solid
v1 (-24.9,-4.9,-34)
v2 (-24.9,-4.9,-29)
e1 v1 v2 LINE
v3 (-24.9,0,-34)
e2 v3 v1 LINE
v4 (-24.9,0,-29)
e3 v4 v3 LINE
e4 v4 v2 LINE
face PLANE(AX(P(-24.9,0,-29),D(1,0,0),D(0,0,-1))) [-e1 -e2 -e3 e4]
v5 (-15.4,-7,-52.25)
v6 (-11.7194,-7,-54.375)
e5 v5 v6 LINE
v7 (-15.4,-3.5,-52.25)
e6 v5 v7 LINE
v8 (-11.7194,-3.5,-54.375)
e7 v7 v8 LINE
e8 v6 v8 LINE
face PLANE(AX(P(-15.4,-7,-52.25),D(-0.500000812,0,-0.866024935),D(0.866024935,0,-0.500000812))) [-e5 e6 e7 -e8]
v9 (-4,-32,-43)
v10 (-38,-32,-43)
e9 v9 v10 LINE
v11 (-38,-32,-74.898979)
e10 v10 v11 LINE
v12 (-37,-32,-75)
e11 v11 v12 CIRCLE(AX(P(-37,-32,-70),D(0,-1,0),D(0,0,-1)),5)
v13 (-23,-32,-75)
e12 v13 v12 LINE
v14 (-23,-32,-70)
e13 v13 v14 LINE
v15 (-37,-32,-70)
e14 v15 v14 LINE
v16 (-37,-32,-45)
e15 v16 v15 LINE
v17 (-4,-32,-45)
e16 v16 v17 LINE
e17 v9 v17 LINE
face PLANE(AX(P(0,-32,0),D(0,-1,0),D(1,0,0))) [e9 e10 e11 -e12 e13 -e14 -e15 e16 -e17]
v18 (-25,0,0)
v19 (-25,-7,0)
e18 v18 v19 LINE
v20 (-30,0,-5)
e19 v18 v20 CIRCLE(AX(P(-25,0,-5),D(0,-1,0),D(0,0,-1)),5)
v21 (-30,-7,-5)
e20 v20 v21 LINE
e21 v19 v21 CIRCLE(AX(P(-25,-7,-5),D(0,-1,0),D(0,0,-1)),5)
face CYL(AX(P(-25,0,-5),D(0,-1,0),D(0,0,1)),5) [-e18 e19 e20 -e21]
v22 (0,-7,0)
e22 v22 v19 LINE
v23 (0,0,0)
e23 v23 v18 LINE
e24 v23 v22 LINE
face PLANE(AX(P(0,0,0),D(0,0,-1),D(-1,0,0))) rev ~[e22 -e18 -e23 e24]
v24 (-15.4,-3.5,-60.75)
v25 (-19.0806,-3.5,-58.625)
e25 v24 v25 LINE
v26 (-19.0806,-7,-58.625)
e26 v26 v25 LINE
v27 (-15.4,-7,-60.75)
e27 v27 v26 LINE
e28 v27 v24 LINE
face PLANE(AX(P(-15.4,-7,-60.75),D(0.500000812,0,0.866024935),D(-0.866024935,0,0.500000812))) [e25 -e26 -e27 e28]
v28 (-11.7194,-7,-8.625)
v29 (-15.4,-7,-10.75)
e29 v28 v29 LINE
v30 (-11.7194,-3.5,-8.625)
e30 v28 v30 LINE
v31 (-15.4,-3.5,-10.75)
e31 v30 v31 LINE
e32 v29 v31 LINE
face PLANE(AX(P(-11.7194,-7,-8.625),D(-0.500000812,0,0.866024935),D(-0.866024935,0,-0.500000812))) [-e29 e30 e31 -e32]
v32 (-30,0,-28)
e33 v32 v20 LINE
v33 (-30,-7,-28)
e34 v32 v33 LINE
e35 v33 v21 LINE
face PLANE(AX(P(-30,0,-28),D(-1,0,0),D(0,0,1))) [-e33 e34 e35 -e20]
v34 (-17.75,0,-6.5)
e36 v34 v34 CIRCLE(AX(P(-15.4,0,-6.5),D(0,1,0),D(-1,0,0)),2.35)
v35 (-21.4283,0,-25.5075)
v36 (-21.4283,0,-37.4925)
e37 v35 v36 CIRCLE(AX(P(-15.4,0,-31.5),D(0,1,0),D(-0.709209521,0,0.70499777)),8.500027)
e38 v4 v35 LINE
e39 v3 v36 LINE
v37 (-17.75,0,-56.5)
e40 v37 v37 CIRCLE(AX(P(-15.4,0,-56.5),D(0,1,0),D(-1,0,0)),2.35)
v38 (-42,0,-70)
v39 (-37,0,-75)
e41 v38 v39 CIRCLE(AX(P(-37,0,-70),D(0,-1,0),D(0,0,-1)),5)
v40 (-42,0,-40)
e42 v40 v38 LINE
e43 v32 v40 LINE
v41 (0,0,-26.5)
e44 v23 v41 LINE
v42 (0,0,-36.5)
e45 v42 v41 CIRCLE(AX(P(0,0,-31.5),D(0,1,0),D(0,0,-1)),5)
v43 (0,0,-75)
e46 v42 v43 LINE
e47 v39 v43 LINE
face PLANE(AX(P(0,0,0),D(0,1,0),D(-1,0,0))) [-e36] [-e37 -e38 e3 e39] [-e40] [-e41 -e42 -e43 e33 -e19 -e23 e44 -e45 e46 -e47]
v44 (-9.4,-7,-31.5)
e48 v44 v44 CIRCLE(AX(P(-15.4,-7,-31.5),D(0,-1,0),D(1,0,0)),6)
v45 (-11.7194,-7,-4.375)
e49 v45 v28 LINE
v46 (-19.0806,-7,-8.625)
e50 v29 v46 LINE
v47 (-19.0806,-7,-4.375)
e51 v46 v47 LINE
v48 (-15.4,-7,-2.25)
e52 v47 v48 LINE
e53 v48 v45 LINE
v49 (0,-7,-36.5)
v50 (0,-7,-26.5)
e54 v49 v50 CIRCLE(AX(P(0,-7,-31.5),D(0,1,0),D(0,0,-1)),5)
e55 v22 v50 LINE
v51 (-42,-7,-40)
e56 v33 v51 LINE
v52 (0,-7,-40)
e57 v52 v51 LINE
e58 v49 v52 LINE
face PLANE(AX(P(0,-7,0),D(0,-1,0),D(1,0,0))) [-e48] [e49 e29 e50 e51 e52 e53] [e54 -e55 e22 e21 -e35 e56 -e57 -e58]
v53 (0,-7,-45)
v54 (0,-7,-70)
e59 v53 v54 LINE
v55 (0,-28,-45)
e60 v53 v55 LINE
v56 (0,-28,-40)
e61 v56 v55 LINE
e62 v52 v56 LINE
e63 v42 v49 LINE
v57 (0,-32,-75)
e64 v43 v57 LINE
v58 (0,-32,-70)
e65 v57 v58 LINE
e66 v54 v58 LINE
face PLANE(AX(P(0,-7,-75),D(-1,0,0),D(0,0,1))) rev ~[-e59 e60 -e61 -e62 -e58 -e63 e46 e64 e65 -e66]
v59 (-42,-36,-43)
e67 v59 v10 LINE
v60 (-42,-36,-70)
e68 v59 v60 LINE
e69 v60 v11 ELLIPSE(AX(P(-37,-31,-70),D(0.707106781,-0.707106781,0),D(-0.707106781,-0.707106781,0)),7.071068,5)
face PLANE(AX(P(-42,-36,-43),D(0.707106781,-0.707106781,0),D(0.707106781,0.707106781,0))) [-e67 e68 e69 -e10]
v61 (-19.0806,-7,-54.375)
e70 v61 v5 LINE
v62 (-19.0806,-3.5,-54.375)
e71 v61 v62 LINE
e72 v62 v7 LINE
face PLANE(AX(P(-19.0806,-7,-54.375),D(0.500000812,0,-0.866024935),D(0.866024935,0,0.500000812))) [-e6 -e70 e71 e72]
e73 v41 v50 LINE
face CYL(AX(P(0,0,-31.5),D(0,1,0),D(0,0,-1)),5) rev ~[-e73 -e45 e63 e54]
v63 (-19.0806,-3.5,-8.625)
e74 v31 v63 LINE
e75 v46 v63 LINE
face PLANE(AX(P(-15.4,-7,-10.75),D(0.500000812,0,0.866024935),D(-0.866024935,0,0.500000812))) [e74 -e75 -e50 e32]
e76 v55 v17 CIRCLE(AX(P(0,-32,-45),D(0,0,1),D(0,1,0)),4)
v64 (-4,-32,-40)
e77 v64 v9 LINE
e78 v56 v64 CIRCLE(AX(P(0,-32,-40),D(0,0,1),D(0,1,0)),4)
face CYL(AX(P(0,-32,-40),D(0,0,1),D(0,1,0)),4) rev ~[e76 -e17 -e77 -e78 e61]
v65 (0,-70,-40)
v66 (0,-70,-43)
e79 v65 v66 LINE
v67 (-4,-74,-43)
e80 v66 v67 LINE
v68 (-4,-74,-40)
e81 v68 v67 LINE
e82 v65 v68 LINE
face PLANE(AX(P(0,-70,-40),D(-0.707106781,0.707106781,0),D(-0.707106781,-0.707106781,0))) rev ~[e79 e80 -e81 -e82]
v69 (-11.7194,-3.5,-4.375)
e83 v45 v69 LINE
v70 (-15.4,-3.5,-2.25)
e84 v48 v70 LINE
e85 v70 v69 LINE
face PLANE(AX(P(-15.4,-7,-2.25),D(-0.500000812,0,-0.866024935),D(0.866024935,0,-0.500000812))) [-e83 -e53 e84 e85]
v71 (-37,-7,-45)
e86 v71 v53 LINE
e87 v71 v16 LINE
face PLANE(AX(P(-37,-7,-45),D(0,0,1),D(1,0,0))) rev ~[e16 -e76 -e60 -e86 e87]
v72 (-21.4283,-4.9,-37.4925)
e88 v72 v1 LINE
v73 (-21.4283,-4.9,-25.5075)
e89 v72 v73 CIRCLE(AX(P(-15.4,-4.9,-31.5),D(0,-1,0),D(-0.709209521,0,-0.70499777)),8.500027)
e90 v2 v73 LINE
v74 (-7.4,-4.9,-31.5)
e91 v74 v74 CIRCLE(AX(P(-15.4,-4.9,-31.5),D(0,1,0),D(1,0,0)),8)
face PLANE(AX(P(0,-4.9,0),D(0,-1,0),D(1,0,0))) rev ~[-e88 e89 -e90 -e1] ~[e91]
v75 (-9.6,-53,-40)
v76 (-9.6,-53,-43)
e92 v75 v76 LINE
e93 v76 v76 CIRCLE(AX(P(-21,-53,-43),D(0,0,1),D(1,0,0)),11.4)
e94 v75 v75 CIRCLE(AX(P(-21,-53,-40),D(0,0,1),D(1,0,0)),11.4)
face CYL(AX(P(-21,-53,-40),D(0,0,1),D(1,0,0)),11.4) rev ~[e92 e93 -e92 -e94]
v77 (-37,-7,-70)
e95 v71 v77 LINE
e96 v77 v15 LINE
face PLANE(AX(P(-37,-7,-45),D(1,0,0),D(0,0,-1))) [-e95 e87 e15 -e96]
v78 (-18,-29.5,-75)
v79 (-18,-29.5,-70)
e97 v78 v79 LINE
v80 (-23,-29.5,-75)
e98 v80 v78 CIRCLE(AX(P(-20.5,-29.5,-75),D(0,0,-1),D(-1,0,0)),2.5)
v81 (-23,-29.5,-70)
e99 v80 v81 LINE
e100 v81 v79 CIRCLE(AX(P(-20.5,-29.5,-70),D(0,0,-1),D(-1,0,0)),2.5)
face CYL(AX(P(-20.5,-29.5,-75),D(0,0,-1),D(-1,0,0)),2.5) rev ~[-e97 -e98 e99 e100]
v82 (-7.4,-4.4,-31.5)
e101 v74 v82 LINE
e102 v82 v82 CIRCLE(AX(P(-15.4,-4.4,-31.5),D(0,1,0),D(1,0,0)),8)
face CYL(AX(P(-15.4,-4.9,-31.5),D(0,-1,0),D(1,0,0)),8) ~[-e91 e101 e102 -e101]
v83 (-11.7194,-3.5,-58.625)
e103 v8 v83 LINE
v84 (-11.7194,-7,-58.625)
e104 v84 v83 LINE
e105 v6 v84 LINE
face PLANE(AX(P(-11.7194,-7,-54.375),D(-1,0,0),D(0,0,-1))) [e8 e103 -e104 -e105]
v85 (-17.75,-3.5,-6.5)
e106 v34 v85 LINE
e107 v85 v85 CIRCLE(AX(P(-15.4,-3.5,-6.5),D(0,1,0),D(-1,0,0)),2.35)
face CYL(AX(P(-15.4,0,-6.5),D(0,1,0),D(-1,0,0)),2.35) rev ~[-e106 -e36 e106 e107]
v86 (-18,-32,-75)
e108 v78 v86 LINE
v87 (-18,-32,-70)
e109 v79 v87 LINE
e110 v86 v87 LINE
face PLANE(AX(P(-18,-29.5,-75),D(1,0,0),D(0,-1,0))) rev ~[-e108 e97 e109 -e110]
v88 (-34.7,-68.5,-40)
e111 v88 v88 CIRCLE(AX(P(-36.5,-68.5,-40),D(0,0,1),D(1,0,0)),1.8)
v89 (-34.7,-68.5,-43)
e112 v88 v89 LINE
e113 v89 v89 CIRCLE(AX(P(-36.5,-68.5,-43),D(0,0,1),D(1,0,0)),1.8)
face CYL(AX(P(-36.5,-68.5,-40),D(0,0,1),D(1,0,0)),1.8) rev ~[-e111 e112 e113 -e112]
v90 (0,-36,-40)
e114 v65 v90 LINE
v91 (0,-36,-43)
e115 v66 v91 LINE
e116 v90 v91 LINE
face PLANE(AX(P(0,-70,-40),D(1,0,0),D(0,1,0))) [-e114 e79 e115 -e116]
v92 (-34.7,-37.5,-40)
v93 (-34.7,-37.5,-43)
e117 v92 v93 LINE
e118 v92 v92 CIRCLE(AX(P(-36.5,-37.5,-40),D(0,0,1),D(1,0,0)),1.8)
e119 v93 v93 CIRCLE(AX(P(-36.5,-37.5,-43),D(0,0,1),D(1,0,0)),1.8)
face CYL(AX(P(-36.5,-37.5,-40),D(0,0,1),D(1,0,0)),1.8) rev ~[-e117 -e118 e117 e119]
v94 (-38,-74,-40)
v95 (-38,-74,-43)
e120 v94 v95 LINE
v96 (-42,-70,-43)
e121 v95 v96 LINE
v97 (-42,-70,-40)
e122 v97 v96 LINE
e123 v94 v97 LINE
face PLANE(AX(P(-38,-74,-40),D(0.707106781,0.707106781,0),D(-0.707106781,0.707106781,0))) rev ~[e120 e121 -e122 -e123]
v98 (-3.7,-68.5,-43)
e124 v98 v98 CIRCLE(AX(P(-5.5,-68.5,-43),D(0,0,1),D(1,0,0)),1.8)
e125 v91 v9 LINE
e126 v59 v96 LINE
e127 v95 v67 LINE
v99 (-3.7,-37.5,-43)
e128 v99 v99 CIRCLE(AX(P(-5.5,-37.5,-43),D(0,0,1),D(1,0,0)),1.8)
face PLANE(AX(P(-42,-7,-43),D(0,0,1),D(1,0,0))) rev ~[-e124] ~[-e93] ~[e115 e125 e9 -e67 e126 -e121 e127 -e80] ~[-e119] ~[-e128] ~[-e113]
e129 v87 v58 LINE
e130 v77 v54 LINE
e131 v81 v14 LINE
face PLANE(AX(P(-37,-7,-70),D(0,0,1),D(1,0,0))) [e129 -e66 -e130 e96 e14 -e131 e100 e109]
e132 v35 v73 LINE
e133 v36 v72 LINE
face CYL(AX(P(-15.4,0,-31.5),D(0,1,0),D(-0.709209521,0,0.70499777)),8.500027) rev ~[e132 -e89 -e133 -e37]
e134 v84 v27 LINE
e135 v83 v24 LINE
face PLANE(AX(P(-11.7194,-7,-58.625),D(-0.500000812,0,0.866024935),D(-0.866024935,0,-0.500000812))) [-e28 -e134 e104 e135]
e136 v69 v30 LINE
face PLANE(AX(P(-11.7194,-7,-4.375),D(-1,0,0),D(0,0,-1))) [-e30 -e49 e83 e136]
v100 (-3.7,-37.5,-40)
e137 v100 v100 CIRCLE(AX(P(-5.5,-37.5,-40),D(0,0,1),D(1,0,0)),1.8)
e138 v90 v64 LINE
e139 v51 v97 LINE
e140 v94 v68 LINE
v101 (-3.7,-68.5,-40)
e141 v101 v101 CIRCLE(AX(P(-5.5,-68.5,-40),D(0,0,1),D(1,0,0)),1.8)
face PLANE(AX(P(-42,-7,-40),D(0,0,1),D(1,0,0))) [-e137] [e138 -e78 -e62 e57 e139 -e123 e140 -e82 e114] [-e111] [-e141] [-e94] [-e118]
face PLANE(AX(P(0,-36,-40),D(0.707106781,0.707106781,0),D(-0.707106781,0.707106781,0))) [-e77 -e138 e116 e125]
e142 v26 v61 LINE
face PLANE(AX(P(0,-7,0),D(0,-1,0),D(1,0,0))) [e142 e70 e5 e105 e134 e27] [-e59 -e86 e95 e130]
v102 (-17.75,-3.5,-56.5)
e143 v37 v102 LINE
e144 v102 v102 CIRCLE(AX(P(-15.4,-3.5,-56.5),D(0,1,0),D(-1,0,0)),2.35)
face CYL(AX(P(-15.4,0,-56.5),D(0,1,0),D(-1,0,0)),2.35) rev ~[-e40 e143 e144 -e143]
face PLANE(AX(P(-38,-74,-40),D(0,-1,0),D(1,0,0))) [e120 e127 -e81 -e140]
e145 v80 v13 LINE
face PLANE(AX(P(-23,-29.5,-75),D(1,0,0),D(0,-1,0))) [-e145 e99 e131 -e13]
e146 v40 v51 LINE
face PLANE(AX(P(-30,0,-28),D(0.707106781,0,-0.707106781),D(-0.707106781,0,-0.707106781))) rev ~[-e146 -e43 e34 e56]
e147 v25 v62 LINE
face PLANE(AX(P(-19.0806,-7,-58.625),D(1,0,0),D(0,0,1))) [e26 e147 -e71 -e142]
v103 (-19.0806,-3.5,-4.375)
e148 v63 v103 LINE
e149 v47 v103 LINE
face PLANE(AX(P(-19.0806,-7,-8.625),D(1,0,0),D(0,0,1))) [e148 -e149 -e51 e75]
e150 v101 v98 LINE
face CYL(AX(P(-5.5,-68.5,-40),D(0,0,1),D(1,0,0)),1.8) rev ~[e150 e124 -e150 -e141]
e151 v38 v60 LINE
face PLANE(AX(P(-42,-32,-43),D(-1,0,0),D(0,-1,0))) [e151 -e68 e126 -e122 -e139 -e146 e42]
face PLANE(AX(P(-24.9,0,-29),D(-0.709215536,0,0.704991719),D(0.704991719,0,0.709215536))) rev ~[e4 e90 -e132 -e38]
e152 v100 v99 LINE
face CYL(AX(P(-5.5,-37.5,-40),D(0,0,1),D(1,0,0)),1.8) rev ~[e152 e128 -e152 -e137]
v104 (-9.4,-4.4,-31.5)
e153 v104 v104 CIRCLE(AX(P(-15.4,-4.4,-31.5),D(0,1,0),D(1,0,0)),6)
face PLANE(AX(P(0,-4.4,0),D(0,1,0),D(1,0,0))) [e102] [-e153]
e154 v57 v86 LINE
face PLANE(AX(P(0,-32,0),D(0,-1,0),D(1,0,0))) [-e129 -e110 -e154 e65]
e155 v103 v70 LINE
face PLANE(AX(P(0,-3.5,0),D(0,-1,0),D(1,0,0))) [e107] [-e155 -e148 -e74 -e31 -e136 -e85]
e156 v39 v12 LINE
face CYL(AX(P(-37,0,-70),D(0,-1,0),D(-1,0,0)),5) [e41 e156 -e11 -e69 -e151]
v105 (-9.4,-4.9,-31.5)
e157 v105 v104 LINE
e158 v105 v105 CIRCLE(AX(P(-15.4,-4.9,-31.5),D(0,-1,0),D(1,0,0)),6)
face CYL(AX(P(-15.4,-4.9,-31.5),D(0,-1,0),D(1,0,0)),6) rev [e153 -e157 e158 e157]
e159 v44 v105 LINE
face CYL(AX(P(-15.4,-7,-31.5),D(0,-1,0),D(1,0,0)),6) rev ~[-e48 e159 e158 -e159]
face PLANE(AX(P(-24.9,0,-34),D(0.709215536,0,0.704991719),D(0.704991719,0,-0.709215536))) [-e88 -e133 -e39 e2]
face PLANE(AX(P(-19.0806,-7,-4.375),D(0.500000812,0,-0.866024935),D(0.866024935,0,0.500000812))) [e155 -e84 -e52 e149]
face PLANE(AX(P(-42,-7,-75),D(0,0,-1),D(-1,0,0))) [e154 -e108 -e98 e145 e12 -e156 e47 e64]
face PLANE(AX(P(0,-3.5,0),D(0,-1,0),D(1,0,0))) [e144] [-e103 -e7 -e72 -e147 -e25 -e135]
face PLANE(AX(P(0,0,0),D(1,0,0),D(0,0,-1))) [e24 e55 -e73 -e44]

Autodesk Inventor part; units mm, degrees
ref_plane "YZ Plane" through (0, 0, 0) normal (1, 0, 0) x (0, 1, 0)
ref_plane "XZ Plane" through (0, 0, 0) normal (0, 1, 0) x (-1, 0, 0)
ref_plane "XY Plane" through (0, 0, 0) normal (0, 0, 1) x (1, 0, 0)
sketch "Sketch1" plane through (0, 0, 0) normal (0, 1, 0) x (-1, 0, 0)
  line L0 (30, 0) -> (30, -75) construction
  line L1 (30, -75) -> (0, -75) construction
  line L2 (0, -75) -> (0, 0) construction
  line L3 (0, 0) -> (15.4, 0) construction
  line L4 (15.4, 0) -> (15.4, -6.5) construction
  line L5 (15.4, -6.5) -> (0, -6.5) construction
  line L6 (0, -6.5) -> (0, 0) construction
  line L7 (15.4, -6.5) -> (15.4, -31.5) construction
  circle A0 centre (15.4, -31.5) radius 8.5 construction
  line L8 (15.4, -31.5) -> (15.4, -56.5) construction
  circle A1 centre (15.4, -6.5) radius 2.35
  circle A2 centre (15.4, -56.5) radius 2.35
  line L9 (15.4, -23) -> (24.9, -23) construction
  line L10 (24.9, -23) -> (24.9, -40) construction
  line L11 (24.9, -40) -> (15.4, -40) construction
  line L12 (15.4, -40) -> (15.4, -23) construction
  line L13 (5.9, -29) -> (24.9, -29) construction
  line L14 (24.9, -29) -> (24.9, -34) construction
  line L15 (24.9, -34) -> (5.9, -34) construction
  line L16 (5.9, -34) -> (5.9, -29) construction
  line L17 (5.9, -29) -> (24.9, -34) construction
  line L18 (24.9, -29) -> (5.9, -34) construction
  line L19 (24.9, -29) -> (24.9, -34)
  line L20 (24.9, -29) -> (21.4283, -25.5075)
  line L21 (24.9, -34) -> (21.4283, -37.4925)
  arc A3 (21.4283, -25.5075) -> (21.4283, -37.4925) centre (15.4, -31.5) ccw
  arc A4 (0, -36.5) -> (0, -26.5) centre (0, -31.5) ccw
  line L22 (0, 0) -> (0, -26.5)
  line L23 (0, -36.5) -> (0, -75)
  line L24 (42, -40) -> (0, -40) construction
  line L25 (0, -40) -> (0, -75) construction
  line L26 (42, -40) -> (30, -40) construction
  line L27 (30, -40) -> (30, -28) construction
  line L28 (30, -28) -> (42, -28) construction
  line L29 (42, -28) -> (42, -40) construction
  line L30 (30, -28) -> (42, -40)
  line L31 (0, 0) -> (30, 0)
  line L32 (30, -28) -> (30, 0)
  line L33 (42, -40) -> (42, -75)
  line L34 (42, -75) -> (0, -75)
  dimension "d0" = 30
  dimension "d1" = 75
  dimension "d2" = 15.4
  dimension "d3" = 6.5
  dimension "d4" = 25
  dimension "d5" = 17
  dimension "d6" = 25
  dimension "d7" = 4.7
  dimension "d8" = 4.7
  dimension "d9" = 9.5
  dimension "d10" = 5
  dimension "d11" = 5
  dimension "d12" = 42
  dimension "d13" = 35
  dimension "d14" = 12
extrude "Extrusion1" add sketch "Sketch1" against normal blind 7
sketch "Sketch2" plane through (0, -7, 0) normal (0, -1, 0) x (1, 0, 0)
  circle A0 centre (-15.4, -6.5) radius 2.35 construction
  circle A1 centre (-15.4, -56.5) radius 2.35 construction
  line L0 (-15.4, -6.5) -> (-15.4, -10.75) construction
  line L1 (-15.4, -56.5) -> (-15.4, -52.25) construction
  line L2 (-15.4, -10.75) -> (-19.0806, -8.625)
  line L3 (-19.0806, -8.625) -> (-19.0806, -4.375)
  line L4 (-19.0806, -4.375) -> (-15.4, -2.25)
  line L5 (-15.4, -2.25) -> (-11.7194, -4.375)
  line L6 (-11.7194, -4.375) -> (-11.7194, -8.625)
  line L7 (-11.7194, -8.625) -> (-15.4, -10.75)
  line L8 (-15.4, -52.25) -> (-11.7194, -54.375)
  line L9 (-11.7194, -54.375) -> (-11.7194, -58.625)
  line L10 (-11.7194, -58.625) -> (-15.4, -60.75)
  line L11 (-15.4, -60.75) -> (-19.0806, -58.625)
  line L12 (-19.0806, -58.625) -> (-19.0806, -54.375)
  line L13 (-19.0806, -54.375) -> (-15.4, -52.25)
  point P0 (0, 0)
  dimension "d18" = 4.25
  dimension "d19" = 4.25
extrude "Extrusion2" cut sketch "Sketch2" against normal blind 3.5
sketch "Sketch3" plane through (0, -7, 0) normal (0, -1, 0) x (1, 0, 0)
  arc A0 (-21.4283, -37.4925) -> (-21.4283, -25.5075) centre (-15.4, -31.5) ccw projected
  circle A1 centre (-15.4, -31.5) radius 6
  line L0 (-24.9, -29) -> (-21.4283, -25.5075) projected
  line L1 (-24.9, -34) -> (-24.9, -29) projected
  line L2 (-21.4283, -37.4925) -> (-24.9, -34) projected
  point P0 (0, 0)
  dimension "d22" = 12
extrude "Extrusion3" add sketch "Sketch3" against normal blind 2.1
sketch "Sketch4" plane through (0, -4.9, 0) normal (0, 1, 0) x (1, 0, 0)
  circle A0 centre (-15.4, 31.5) radius 6 projected
  circle A1 centre (-15.4, 31.5) radius 8
  point P0 (0, 0)
  dimension "d25" = 16
extrude "Extrusion4" add sketch "Sketch4" along normal blind 0.5
sketch "Sketch5" plane through (0, -7, 0) normal (0, -1, 0) x (1, 0, 0)
  line L0 (0, -75) -> (0, -36.5) construction
  line L1 (-42, -70) -> (-42, -40) construction
  line L2 (0, -75) -> (-42, -75) construction
  line L3 (-42, -75) -> (-42, -40) construction
  line L4 (-42, -40) -> (0, -40) construction
  line L5 (0, -40) -> (0, -75) construction
  line L6 (0, -40) -> (-42, -40) construction
  line L7 (-42, -40) -> (-42, -45) construction
  line L8 (-42, -45) -> (0, -45) construction
  line L9 (0, -45) -> (0, -40) construction
  line L10 (-42, -40) -> (-37, -40) construction
  line L11 (-37, -40) -> (-37, -75) construction
  line L12 (-37, -75) -> (-42, -75) construction
  line L13 (-42, -75) -> (-42, -40) construction
  line L14 (-42, -75) -> (0, -75) construction
  line L15 (0, -75) -> (0, -70) construction
  line L16 (0, -70) -> (-42, -70) construction
  line L17 (-42, -70) -> (-42, -75) construction
  line L18 (-37, -75) -> (0, -75) projected
  line L19 (0, -75) -> (0, -70)
  line L20 (-37, -70) -> (0, -70)
  line L21 (-37, -45) -> (-37, -70)
  line L22 (0, -40) -> (-42, -40)
  line L23 (0, -45) -> (0, -40)
  line L24 (-37, -45) -> (0, -45)
  line L25 (-42, -40) -> (-42, -75) projected
  line L26 (-42, -40) -> (-42, -75)
  line L27 (-42, -75) -> (0, -75)
  point P0 (0, 0)
  dimension "d28" = 5
  dimension "d29" = 5
extrude "Extrusion5" add sketch "Sketch5" along normal blind 25
sketch "Sketch6" plane through (-42, -7, -40) normal (0, 0, 1) x (1, 0, 0)
  line L0 (5, -25) -> (42, -25) projected
  line L1 (38, -25) -> (0, -25)
  line L2 (0, -25) -> (0, -63)
  line L3 (4, -67) -> (38, -67)
  line L4 (42, -63) -> (42, -29)
  line L5 (42, -63) -> (38, -67)
  line L6 (4, -67) -> (0, -63)
  line L7 (42, -29) -> (38, -25)
  circle A0 centre (21, -46) radius 11.4
  line L8 (36.5, -61.5) -> (5.5, -61.5) construction
  line L9 (5.5, -61.5) -> (5.5, -30.5) construction
  line L10 (5.5, -30.5) -> (36.5, -30.5) construction
  line L11 (36.5, -30.5) -> (36.5, -61.5) construction
  line L12 (36.5, -61.5) -> (5.5, -30.5) construction
  line L13 (5.5, -61.5) -> (36.5, -30.5) construction
  circle A1 centre (36.5, -61.5) radius 1.8
  circle A2 centre (5.5, -61.5) radius 1.8
  circle A3 centre (5.5, -30.5) radius 1.8
  circle A4 centre (36.5, -30.5) radius 1.8
  point P0 (42, 7)
  point P1 (0, -67)
  point P2 (42, -67)
  dimension "d32" = 42
  dimension "d33" = 42
  dimension "d34" = 4
  dimension "d35" = 4
  dimension "d36" = 4
  dimension "d37" = 4
  dimension "d38" = 4
  dimension "d39" = 4
  dimension "d40" = 22.8
  dimension "d41" = 31
  dimension "d42" = 31
  dimension "d43" = 3.6
  dimension "d44" = 3.6
  dimension "d45" = 3.6
  dimension "d46" = 3.6
extrude "Extrusion6" add sketch "Sketch6" against normal blind 3
sketch "Sketch7" plane through (-42, -7, -40) normal (0, 0, 1) x (1, 0, 0)
  line L0 (42, -25) -> (38, -25) projected
  arc A0 (42, -21) -> (38, -25) centre (42, -25) ccw
  line L1 (42, -21) -> (42, -25)
  point P0 (42, 7)
extrude "Extrusion7" cut sketch "Sketch7" against normal blind 5
sketch "Sketch8" plane through (0, 0, -75) normal (0, 0, -1) x (-1, 0, 0)
  line L0 (42, -32) -> (0, -32) construction
  line L1 (20.5, -34.5) -> (20.5, -29.5) construction
  line L2 (37, -32) -> (4, -32) construction
  line L3 (23, -34.5) -> (23, -29.5) construction
  line L4 (18, -29.5) -> (18, -34.5) construction
  arc A0 (18, -34.5) -> (23, -34.5) centre (20.5, -34.5) ccw construction
  arc A1 (23, -29.5) -> (18, -29.5) centre (20.5, -29.5) ccw construction
  line L5 (20.5, -32) -> (25.5, -32) construction
  arc A2 (23, -29.5) -> (18, -29.5) centre (20.5, -29.5) ccw
  line L6 (23, -29.5) -> (23, -32)
  line L7 (18, -29.5) -> (18, -32)
  line L8 (18, -32) -> (23, -32)
  point P0 (0, 0)
  dimension "d51" = 2.5
  dimension "d52" = 90
  dimension "d53" = 5
extrude "Extrusion8" cut sketch "Sketch8" against normal blind 5
sketch "Sketch9" plane through (-42, -7, -43) normal (0, 0, -1) x (-1, 0, 0)
  line L0 (0, -25) -> (-19, -25) construction
  line L1 (0, -25) -> (-4, -25) construction
  line L2 (-4, -25) -> (-4, -29) construction
  line L3 (-4, -29) -> (0, -29) construction
  line L4 (0, -29) -> (0, -25) construction
  line L5 (0, -29) -> (-4, -25)
  line L6 (0, -25) -> (-4, -25)
  line L7 (0, -25) -> (0, -29)
  line L8 (0, 0) -> (0, -63) projected
  point P0 (-42, 7)
  dimension "d56" = 4
  dimension "d57" = 4
extrude "Extrusion9" add sketch "Sketch9" along normal up to surface (32 mm away)
fillet "Fillet1" radius 5 2 edges at (-30, -3.5, 0) (-42, -18, -75)
equation "\"d35\" = d34"
equation "\"d36\" = d34"
equation "\"d37\" = d36"
equation "\"d38\" = d34"
equation "\"d39\" = d38"
